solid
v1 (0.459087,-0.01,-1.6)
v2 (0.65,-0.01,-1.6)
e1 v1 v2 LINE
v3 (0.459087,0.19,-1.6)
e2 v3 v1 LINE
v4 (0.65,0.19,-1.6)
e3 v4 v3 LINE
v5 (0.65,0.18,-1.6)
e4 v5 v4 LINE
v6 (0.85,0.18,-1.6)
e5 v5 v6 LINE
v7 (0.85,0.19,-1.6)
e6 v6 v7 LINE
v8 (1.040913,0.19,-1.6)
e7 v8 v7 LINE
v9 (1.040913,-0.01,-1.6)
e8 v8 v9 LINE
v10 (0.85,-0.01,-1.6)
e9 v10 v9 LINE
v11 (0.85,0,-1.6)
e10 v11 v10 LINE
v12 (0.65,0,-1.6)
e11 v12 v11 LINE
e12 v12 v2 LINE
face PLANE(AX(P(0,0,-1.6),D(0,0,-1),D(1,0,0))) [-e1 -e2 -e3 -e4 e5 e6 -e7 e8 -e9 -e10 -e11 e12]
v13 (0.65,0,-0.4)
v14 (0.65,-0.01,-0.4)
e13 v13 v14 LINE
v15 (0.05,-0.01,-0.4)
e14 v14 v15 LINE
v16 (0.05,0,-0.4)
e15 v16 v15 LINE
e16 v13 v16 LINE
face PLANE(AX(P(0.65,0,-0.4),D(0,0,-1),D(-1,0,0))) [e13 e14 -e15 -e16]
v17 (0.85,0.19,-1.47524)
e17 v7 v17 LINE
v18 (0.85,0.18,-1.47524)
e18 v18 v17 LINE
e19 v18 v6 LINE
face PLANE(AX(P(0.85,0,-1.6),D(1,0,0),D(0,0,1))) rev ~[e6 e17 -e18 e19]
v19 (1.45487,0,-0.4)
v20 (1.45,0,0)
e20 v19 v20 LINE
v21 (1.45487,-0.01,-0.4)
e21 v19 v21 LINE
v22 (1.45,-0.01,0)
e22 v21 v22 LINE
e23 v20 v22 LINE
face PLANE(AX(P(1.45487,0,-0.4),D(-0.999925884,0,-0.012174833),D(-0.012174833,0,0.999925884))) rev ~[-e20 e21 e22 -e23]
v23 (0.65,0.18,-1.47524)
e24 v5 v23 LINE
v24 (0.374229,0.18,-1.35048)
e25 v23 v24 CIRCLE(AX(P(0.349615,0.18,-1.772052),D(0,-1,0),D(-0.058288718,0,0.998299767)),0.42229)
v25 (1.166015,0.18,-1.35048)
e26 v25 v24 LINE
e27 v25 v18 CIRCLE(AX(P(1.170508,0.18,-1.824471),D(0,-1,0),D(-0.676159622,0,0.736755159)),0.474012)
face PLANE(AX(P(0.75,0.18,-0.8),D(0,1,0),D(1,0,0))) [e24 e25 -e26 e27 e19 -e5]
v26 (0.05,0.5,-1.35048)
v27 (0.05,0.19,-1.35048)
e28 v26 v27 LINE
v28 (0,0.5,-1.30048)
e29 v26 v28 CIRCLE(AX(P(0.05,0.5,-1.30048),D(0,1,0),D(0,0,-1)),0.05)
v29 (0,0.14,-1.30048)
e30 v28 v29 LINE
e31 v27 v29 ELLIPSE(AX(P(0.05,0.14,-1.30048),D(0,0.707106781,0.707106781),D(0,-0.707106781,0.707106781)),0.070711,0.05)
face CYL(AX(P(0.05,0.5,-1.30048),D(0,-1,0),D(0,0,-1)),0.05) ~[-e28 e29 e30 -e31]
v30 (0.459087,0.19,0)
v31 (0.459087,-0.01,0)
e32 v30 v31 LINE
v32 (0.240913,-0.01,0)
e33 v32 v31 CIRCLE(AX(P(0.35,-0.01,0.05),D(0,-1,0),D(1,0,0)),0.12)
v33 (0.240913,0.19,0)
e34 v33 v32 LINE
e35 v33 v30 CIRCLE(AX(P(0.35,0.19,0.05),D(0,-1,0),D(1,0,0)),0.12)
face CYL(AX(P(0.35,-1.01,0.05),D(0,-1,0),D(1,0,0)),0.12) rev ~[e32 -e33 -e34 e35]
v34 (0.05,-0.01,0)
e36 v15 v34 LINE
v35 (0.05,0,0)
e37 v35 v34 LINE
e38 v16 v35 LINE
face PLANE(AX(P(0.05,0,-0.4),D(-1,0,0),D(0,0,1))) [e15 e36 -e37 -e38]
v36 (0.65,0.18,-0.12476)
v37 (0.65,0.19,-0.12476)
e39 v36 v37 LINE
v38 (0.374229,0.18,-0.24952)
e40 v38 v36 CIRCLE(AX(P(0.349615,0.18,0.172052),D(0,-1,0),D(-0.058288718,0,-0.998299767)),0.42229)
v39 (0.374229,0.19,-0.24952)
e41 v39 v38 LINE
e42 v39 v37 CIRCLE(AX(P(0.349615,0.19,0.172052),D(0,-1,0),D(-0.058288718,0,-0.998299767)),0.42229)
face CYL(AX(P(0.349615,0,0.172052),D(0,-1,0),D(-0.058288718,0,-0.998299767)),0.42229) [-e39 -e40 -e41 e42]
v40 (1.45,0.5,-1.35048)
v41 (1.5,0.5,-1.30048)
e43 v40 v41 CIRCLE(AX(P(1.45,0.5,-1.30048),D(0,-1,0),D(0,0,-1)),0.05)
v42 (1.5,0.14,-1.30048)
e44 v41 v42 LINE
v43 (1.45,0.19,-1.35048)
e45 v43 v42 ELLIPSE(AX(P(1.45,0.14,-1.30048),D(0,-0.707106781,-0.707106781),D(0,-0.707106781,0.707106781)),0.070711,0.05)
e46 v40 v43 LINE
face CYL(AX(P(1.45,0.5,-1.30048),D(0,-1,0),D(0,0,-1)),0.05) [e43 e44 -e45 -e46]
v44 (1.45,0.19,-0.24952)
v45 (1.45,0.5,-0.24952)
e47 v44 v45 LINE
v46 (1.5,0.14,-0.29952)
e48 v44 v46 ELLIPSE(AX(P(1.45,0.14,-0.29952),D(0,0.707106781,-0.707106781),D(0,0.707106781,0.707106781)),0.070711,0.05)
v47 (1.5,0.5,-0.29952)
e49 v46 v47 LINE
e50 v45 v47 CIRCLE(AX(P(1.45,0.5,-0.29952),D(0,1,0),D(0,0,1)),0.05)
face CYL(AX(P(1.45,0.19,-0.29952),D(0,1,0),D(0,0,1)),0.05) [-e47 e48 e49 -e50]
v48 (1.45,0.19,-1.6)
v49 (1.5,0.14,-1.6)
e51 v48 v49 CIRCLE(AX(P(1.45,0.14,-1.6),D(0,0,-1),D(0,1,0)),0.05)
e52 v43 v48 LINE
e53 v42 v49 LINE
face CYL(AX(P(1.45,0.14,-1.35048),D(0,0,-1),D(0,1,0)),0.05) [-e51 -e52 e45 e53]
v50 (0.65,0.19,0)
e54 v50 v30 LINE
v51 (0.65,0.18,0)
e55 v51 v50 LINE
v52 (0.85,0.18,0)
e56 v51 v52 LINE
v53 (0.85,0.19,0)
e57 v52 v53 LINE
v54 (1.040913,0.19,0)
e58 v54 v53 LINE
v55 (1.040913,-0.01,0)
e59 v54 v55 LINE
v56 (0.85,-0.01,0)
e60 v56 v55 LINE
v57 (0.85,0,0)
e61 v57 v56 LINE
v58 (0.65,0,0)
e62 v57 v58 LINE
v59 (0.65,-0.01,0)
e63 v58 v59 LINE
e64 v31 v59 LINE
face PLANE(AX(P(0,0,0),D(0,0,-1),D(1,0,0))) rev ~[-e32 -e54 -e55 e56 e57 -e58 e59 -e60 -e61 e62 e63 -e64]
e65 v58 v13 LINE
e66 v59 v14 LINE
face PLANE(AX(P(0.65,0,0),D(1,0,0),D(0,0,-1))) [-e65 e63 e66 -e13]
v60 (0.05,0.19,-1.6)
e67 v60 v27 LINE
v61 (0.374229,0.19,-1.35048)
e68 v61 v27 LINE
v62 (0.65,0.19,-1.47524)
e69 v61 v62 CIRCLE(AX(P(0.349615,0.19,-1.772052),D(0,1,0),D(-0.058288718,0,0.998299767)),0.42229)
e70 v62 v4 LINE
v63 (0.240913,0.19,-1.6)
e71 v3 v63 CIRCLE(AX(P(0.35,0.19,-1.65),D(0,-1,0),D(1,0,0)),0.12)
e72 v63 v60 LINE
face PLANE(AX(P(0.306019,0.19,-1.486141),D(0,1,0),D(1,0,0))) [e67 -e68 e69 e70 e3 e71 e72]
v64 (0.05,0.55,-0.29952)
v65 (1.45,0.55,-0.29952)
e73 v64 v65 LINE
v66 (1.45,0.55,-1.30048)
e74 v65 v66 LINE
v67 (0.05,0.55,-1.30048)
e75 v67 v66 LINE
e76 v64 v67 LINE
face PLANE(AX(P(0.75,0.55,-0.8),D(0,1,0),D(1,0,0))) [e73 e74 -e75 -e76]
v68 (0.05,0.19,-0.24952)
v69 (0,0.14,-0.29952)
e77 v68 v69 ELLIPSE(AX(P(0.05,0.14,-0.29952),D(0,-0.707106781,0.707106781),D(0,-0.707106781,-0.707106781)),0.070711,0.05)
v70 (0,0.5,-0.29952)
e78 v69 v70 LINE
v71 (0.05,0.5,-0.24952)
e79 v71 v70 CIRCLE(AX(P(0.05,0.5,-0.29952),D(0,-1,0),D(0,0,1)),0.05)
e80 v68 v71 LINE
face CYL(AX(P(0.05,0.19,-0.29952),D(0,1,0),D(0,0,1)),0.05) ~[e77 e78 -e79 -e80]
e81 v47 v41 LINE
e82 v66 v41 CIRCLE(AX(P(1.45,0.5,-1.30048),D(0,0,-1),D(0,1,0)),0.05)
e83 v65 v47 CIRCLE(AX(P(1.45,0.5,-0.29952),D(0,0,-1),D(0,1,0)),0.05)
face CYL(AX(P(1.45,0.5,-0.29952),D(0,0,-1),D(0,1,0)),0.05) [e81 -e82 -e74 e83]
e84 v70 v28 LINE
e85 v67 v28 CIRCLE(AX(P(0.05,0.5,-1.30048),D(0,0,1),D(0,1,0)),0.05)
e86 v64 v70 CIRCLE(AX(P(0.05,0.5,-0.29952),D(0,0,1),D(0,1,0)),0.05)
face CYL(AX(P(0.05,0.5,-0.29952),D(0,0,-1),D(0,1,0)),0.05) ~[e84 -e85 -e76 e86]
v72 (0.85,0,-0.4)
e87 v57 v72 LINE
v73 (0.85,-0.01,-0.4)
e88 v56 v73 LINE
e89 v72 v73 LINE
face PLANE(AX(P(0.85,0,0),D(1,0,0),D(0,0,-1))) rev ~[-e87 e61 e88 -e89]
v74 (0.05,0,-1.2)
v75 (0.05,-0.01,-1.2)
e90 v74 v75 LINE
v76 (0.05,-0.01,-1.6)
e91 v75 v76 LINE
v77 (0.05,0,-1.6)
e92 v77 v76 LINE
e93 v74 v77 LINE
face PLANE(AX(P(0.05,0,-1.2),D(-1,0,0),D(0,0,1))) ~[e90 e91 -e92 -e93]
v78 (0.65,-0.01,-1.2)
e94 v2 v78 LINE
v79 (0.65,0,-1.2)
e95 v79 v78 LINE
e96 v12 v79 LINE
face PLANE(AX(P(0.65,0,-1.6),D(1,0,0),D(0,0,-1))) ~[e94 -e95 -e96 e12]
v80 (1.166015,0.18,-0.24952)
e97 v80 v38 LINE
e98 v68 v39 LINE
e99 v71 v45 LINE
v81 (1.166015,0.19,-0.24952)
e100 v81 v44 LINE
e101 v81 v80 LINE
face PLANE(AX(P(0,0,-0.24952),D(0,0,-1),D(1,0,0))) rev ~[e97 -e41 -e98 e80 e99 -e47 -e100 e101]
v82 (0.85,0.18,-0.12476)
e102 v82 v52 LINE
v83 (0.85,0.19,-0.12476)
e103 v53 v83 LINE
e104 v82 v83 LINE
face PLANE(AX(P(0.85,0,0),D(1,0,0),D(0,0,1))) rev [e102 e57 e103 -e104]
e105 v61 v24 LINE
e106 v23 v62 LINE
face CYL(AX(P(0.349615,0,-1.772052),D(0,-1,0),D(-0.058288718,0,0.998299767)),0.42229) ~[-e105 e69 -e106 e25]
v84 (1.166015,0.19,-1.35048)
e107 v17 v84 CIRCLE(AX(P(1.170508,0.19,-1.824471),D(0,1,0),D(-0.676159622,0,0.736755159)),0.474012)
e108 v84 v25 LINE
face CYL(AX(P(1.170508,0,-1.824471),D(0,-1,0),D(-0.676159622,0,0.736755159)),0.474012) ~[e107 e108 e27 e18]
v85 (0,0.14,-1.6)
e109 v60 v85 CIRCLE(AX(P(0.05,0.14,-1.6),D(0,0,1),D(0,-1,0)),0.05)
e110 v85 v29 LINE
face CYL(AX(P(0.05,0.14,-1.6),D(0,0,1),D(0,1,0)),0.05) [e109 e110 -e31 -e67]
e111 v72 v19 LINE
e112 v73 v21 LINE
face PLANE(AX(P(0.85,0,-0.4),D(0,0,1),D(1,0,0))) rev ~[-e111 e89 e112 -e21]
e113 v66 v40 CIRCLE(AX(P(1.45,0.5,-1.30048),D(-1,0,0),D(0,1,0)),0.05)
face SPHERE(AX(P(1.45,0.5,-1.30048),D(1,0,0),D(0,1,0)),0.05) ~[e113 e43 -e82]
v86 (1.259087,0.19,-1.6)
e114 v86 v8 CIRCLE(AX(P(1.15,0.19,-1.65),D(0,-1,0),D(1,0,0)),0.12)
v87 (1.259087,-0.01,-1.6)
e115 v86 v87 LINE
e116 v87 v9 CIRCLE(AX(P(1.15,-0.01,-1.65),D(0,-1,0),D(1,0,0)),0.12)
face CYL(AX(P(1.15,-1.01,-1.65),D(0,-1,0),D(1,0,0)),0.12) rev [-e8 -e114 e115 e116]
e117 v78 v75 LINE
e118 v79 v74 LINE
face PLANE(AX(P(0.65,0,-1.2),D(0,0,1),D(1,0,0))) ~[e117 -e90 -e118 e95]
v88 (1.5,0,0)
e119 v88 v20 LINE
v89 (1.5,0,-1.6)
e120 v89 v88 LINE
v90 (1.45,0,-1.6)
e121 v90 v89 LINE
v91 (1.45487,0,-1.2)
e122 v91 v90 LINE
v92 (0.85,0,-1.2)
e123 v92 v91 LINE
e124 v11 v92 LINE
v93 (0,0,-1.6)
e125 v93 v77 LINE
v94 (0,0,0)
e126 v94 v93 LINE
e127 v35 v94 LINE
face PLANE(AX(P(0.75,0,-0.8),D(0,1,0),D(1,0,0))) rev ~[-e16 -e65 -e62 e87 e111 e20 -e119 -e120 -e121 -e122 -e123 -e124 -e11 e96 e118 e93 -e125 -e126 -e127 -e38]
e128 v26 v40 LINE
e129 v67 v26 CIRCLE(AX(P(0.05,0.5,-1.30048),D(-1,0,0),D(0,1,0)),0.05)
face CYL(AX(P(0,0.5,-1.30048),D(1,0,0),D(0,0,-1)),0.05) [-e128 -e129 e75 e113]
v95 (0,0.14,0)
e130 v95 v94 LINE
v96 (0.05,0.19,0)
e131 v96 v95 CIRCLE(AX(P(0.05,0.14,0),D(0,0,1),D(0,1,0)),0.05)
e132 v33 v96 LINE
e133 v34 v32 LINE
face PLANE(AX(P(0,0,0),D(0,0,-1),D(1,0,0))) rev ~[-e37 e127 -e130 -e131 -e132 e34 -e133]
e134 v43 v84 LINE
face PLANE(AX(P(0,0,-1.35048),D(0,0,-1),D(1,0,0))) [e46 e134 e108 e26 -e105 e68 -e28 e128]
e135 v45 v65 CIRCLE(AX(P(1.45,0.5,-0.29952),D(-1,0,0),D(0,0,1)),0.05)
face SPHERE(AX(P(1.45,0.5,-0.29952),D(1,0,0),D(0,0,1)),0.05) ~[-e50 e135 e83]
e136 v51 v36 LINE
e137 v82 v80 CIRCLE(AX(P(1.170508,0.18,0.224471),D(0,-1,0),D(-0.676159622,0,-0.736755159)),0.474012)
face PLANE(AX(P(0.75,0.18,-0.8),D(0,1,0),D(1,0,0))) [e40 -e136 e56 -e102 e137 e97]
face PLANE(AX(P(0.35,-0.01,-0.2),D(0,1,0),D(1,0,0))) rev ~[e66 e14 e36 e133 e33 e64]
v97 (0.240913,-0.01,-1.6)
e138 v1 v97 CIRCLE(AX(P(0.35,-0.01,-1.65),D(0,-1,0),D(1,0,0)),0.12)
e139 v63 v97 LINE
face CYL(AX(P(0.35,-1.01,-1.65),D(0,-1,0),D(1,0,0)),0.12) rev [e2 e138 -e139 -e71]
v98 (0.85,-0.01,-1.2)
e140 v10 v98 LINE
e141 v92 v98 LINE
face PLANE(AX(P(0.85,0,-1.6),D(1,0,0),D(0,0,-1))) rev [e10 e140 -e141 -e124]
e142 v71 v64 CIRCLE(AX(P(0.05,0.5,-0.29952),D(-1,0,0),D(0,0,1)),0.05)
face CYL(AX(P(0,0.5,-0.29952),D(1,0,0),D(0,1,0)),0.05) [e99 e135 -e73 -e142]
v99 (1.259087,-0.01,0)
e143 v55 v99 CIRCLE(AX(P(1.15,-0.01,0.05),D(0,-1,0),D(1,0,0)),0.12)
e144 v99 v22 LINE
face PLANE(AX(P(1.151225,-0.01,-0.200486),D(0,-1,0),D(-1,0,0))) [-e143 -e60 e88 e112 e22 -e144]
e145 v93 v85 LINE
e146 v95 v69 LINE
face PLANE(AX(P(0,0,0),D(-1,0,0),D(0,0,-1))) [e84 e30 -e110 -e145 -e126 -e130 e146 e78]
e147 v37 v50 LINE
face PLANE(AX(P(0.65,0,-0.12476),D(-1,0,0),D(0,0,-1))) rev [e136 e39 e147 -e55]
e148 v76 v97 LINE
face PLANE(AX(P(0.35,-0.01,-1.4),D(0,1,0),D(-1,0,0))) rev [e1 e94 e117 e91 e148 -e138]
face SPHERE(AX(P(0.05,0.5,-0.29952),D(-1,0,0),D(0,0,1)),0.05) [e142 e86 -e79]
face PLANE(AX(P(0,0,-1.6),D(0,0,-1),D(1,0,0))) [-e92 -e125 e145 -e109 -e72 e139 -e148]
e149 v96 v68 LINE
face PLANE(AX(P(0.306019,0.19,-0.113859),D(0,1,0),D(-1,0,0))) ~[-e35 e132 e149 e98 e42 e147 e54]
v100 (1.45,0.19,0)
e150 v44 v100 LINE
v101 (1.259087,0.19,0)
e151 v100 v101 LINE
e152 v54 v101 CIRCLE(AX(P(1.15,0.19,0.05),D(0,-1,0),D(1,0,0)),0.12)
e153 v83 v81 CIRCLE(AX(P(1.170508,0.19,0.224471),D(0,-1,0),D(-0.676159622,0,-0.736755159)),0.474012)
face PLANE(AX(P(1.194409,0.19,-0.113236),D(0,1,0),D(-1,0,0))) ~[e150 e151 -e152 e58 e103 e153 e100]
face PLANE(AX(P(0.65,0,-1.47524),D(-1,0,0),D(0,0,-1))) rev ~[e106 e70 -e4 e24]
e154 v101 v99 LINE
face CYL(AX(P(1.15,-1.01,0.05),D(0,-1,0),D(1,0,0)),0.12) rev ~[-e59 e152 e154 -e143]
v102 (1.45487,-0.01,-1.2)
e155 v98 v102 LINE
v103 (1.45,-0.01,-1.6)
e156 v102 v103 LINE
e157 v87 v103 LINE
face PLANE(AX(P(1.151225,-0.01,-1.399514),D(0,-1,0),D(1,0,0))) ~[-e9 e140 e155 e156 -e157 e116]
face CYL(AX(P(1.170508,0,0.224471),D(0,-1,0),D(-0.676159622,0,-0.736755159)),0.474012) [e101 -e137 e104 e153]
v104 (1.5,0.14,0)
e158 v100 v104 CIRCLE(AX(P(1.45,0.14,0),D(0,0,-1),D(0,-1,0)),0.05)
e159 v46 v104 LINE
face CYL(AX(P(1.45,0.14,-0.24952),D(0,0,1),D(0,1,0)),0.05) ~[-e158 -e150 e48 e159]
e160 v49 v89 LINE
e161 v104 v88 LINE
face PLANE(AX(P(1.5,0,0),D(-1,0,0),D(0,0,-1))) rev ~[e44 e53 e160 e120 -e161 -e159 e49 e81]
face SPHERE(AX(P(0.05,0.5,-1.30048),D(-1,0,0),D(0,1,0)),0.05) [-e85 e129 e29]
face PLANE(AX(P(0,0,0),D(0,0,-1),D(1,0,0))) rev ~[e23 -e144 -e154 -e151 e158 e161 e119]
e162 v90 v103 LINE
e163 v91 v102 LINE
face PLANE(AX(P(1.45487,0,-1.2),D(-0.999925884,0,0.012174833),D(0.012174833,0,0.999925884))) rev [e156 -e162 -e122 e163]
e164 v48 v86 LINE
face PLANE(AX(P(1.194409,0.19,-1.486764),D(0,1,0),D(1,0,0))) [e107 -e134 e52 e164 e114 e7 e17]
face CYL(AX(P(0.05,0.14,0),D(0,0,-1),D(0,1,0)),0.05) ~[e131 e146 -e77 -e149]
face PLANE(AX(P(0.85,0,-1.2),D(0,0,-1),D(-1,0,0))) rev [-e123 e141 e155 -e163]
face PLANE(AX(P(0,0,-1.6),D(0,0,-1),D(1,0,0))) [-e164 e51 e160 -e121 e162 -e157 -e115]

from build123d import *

# Parameters (mm, degrees)
SKETCH1_W           = 1.5
SKETCH1_H           = 1.6
BOSS_EXTRUDE1_DEPTH = 0.18
SKETCH2_W           = 1.5
SKETCH2_H           = 1.10096055
BOSS_EXTRUDE2_DEPTH = 0.55
FILLET1_R           = 0.05
BOSS_EXTRUDE4_DEPTH = 0.19
FILLET2_R           = 0.05
BOSS_EXTRUDE5_DEPTH = 0.01
CUT_EXTRUDE1_START  = -1.19
SKETCH4_R           = 0.12
CUT_EXTRUDE1_DEPTH  = 2.56


with BuildPart() as part:
    # Sketch1 → Boss-Extrude1 (new body)
    with BuildSketch(Plane(origin=(0, 0, 0), x_dir=(1, 0, 0), z_dir=(0, 1, 0))):
        with Locations((0.75, 0.8)):
            Rectangle(SKETCH1_W, SKETCH1_H)
    extrude(amount=BOSS_EXTRUDE1_DEPTH)

    # Sketch2 → Boss-Extrude2 (add)
    with BuildSketch(Plane(origin=(0, 0, 0), x_dir=(1, 0, 0), z_dir=(0, 1, 0))):
        with Locations((0.75, 0.8)):
            Rectangle(SKETCH2_W, SKETCH2_H)
    extrude(amount=BOSS_EXTRUDE2_DEPTH)

    # Fillet1
    fillet1_edges = [part.edges().sort_by_distance(p)[0] for p in [
        (0.75, 0.55, -1.350480275),
        (0.75, 0.55, -0.249519725),
    ]]
    fillet(fillet1_edges, radius=FILLET1_R)

    # Sketch3 → Boss-Extrude4 (add)
    with BuildSketch(Plane(origin=(0, 0, 0), x_dir=(1, 0, 0), z_dir=(0, 1, 0))):
        with BuildLine():
            Line((0.85, 1.6), (0.85, 1.475240137))
            ThreePointArc((0.85, 1.475240137), (1.000632183, 1.381944491), (1.175, 1.350480275))
            Line((1.175, 1.350480275), (1.5, 1.350480275))
            Line((1.5, 1.350480275), (1.5, 1.6))
            Line((1.5, 1.6), (0.85, 1.6))
        make_face()
        with BuildLine():
            Line((0.65, 1.475240137), (0.65, 1.6))
            Line((0.65, 1.6), (0, 1.6))
            Line((0, 1.6), (0, 1.350480275))
            Line((0, 1.350480275), (0.325, 1.350480275))
            ThreePointArc((0.325, 1.350480275), (0.500954095, 1.377812229), (0.65, 1.475240137))
        make_face()
    boss_extrude4 = extrude(amount=BOSS_EXTRUDE4_DEPTH)

    # Mirror1: Boss-Extrude4 across plane
    add(boss_extrude4.mirror(Plane.XY.offset(-0.8)))

    # Fillet2
    fillet2_edges = [part.edges().sort_by_distance(p)[0] for p in [
        (0, 0.19, -0.124759863),
        (1.5, 0.19, -0.124759863),
        (1.5, 0.55, -0.8),
        (0, 0.55, -0.8),
        (0, 0.345, -0.249519725),
        (0, 0.345, -1.350480275),
        (0, 0.535355339, -0.264164386),
        (0, 0.535355339, -1.335835614),
        (1.5, 0.345, -1.350480275),
        (1.5, 0.345, -0.249519725),
        (1.5, 0.535355339, -0.264164386),
        (1.5, 0.535355339, -1.335835614),
        (0, 0.19, -1.475240137),
        (1.5, 0.19, -1.475240137),
    ]]
    fillet(fillet2_edges, radius=FILLET2_R)

    # Sketch6 → Boss-Extrude5 (add)
    with BuildSketch(Plane(origin=(0, 0, 0), x_dir=(1, 0, 0), z_dir=(0, 1, 0))):
        Polygon((1.146090256, 0), (0.85, 0), (0.85, 0.4), (1.454870294, 0.4), (1.45, 0), align=None)
        Polygon((0.35, 0), (0.65, 0), (0.65, 0.4), (0.35, 0.4), (0.05, 0.4), (0.05, 0), align=None)
    boss_extrude5 = extrude(amount=-BOSS_EXTRUDE5_DEPTH)

    # Mirror3: Boss-Extrude5 across plane
    add(boss_extrude5.mirror(Plane.XY.offset(-0.8)))

    # Sketch4 → Cut-Extrude1 (cut)
    with BuildSketch(Plane(origin=(0, 0.18, 0), x_dir=(1, 0, 0), z_dir=(0, 1, 0)).offset(CUT_EXTRUDE1_START)):
        with Locations((0.35, 1.65)):
            Circle(SKETCH4_R)
        with Locations((1.15, 1.65)):
            Circle(SKETCH4_R)
    cut_extrude1 = extrude(amount=CUT_EXTRUDE1_DEPTH, mode=Mode.SUBTRACT)

    # Mirror2: Cut-Extrude1 across plane
    add(cut_extrude1.mirror(Plane.XY.offset(-0.8)), mode=Mode.SUBTRACT)


solid = part.part
